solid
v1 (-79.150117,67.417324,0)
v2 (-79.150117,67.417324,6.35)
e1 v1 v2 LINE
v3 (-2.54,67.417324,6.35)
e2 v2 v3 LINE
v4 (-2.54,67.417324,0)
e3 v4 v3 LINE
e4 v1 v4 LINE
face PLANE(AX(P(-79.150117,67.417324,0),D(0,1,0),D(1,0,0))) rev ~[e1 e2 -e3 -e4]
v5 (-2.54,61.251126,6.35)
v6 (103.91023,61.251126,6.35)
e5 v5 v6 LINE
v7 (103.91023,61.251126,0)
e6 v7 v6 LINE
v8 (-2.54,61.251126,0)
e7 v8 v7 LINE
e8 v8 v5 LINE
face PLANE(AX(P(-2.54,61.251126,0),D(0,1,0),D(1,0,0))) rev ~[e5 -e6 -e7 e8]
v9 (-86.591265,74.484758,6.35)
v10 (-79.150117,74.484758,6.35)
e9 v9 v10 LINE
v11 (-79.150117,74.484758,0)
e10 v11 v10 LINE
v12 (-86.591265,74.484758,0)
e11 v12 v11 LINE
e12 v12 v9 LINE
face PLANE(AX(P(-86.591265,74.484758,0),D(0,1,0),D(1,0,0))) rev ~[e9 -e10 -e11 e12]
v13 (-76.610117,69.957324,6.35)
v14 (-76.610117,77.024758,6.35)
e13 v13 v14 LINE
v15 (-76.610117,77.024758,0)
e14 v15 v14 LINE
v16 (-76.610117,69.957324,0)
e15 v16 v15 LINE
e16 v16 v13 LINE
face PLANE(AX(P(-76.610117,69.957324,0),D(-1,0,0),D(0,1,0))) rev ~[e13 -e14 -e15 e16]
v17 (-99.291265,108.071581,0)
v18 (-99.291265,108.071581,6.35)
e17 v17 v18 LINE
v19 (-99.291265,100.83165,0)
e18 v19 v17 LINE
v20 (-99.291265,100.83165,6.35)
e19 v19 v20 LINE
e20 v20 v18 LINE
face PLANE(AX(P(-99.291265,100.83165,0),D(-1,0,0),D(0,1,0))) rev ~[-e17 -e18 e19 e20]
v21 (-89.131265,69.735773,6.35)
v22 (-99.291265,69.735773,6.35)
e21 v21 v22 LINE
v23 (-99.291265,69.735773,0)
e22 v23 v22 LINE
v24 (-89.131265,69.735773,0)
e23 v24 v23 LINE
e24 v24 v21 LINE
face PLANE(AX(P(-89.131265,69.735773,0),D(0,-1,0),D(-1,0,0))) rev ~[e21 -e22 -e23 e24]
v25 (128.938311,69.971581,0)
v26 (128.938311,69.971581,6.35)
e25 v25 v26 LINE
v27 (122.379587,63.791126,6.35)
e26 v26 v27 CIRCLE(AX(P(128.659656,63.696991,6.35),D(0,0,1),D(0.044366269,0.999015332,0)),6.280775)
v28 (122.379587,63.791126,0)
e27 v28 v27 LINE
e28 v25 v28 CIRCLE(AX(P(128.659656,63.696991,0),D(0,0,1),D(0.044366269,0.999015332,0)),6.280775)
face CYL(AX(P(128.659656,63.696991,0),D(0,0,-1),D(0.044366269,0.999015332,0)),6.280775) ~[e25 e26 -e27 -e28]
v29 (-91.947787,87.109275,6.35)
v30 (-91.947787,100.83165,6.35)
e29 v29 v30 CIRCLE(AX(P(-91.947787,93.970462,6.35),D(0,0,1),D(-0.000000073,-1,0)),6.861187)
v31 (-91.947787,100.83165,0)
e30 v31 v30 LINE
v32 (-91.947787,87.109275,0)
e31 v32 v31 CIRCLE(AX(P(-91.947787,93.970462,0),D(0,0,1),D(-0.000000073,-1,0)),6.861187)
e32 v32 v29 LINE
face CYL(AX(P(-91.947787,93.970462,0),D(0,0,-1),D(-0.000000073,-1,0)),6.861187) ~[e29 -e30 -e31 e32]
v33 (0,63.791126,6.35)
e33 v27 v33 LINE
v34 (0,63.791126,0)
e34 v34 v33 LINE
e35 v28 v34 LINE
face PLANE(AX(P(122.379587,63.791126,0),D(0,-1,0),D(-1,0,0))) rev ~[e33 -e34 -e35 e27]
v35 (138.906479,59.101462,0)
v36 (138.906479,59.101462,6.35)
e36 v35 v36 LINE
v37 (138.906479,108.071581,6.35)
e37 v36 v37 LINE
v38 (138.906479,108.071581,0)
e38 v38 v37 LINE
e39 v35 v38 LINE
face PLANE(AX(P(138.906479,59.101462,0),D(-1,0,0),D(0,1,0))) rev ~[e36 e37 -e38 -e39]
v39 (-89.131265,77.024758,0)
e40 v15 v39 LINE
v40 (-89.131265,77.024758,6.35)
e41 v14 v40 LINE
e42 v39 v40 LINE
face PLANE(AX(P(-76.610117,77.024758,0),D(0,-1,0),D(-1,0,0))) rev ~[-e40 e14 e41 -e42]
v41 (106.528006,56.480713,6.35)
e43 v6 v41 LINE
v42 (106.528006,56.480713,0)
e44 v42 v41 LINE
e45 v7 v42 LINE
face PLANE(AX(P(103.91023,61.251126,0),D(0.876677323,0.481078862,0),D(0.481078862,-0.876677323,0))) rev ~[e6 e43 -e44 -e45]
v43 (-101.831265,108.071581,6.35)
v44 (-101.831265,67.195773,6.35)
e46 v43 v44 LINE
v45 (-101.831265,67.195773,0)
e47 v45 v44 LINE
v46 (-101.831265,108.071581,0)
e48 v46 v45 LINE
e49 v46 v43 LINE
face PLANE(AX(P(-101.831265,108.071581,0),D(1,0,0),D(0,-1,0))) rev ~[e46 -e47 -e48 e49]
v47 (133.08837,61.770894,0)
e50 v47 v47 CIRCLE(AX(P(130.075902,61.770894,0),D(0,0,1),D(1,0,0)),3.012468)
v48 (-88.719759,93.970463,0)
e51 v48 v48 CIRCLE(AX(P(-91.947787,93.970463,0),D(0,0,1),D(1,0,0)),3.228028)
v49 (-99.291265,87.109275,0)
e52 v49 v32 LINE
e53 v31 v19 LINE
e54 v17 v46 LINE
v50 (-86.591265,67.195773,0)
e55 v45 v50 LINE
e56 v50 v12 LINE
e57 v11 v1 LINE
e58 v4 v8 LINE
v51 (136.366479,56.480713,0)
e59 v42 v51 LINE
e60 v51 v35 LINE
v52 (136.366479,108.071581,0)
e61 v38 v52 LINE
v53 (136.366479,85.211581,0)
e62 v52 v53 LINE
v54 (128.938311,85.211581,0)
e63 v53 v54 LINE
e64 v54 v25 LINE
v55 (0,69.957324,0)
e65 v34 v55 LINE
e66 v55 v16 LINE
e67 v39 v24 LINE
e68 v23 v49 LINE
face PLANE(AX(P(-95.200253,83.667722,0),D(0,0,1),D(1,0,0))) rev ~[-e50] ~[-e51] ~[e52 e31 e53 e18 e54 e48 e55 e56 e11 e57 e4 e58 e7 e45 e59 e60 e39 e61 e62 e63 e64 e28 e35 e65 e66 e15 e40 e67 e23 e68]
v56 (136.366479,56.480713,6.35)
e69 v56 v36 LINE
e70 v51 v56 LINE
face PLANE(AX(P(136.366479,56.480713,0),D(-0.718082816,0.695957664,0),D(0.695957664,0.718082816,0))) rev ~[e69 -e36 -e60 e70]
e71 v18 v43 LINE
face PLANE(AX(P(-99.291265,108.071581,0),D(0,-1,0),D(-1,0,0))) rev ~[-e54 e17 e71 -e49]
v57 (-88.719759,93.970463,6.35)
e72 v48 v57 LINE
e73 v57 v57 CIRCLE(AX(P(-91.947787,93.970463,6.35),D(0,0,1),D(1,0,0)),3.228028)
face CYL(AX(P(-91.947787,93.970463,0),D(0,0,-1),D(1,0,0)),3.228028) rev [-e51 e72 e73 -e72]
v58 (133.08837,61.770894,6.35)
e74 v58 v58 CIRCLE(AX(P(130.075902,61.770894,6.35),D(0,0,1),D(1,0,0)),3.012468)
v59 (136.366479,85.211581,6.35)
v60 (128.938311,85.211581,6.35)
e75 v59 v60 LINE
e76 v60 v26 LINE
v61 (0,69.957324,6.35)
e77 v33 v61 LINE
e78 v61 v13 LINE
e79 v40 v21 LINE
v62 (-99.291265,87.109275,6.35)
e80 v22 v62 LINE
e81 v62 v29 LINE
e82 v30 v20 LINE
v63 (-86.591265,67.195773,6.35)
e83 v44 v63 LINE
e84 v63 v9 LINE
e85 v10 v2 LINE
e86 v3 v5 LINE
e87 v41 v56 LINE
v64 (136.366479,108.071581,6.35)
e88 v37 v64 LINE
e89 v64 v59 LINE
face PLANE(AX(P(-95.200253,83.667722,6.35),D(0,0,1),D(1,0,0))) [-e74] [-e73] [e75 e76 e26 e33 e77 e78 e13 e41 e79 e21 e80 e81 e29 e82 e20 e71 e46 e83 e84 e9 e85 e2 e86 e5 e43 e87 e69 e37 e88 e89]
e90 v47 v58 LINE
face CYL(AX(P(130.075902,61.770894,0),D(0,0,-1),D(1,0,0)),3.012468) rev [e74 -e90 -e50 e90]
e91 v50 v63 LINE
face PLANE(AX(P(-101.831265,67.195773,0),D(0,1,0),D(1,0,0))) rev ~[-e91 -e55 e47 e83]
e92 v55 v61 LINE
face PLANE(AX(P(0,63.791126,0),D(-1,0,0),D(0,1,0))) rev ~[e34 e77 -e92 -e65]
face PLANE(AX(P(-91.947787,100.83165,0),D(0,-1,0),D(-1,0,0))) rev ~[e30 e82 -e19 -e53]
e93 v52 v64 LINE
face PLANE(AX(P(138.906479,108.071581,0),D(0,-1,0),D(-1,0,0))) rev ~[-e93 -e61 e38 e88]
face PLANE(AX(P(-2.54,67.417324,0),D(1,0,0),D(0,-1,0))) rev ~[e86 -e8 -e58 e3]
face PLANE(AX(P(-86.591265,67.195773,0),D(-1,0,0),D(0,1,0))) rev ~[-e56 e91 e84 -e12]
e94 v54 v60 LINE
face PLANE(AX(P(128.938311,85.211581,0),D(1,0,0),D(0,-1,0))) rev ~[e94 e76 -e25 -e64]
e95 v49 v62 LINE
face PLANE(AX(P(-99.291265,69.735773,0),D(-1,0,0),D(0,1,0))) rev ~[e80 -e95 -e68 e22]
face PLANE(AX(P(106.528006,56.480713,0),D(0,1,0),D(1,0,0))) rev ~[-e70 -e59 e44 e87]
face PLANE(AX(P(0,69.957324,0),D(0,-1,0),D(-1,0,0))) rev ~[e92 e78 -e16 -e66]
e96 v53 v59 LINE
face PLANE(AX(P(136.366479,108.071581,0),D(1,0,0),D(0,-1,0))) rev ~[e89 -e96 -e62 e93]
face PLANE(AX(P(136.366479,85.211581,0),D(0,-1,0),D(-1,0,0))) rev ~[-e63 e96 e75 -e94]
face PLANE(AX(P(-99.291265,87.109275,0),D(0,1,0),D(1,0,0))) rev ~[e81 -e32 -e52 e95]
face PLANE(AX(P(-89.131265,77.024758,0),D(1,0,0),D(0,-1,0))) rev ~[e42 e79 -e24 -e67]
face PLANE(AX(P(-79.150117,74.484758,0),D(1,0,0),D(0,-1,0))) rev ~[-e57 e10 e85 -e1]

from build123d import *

# Parameters (mm, degrees)
F1_R     = 3.228028
F1_R_2   = 3.012468
F2_DEPTH = 6.35


with BuildPart() as f2:
    # F1 (on face) → F2 (new body)
    with BuildSketch(Plane.XY):
        with BuildLine():
            ThreePointArc((-91.947787, 87.109275), (-85.086599, 93.970463), (-91.947787, 100.83165))
            Line((-91.947787, 100.83165), (-99.291265, 100.83165))
            Line((-99.291265, 100.83165), (-99.291265, 108.071581))
            Line((-99.291265, 108.071581), (-101.831265, 108.071581))
            Line((-101.831265, 108.071581), (-101.831265, 67.195773))
            Line((-101.831265, 67.195773), (-86.591265, 67.195773))
            Line((-86.591265, 67.195773), (-86.591265, 74.484758))
            Line((-86.591265, 74.484758), (-83.508379, 74.484758))
            Line((-83.508379, 74.484758), (-83.508379, 77.024758))
            Line((-83.508379, 77.024758), (-89.131265, 77.024758))
            Line((-89.131265, 77.024758), (-89.131265, 69.735773))
            Line((-89.131265, 69.735773), (-99.291265, 69.735773))
            Line((-99.291265, 69.735773), (-99.291265, 87.109275))
            Line((-99.291265, 87.109275), (-91.947787, 87.109275))
        make_face()
        with Locations((-91.947787, 93.970463)):
            Circle(F1_R, mode=Mode.SUBTRACT)
        with BuildLine():
            Line((-76.610117, 77.024758), (-83.508379, 77.024758))
            Line((-83.508379, 77.024758), (-83.508379, 74.484758))
            Line((-83.508379, 74.484758), (-79.150117, 74.484758))
            Line((-79.150117, 74.484758), (-79.150117, 67.417324))
            Line((-79.150117, 67.417324), (-2.54, 67.417324))
            Line((-2.54, 67.417324), (-2.54, 61.251126))
            Line((-2.54, 61.251126), (103.91023, 61.251126))
            Line((103.91023, 61.251126), (106.528006, 56.480713))
            Line((106.528006, 56.480713), (136.366479, 56.480713))
            Line((136.366479, 56.480713), (138.906479, 59.101462))
            Line((138.906479, 59.101462), (138.906479, 108.071581))
            Line((138.906479, 108.071581), (136.366479, 108.071581))
            Line((136.366479, 108.071581), (136.366479, 85.211581))
            Line((136.366479, 85.211581), (128.938311, 85.211581))
            Line((128.938311, 85.211581), (128.938311, 69.971581))
            ThreePointArc((128.938311, 69.971581), (124.35225, 68.268028), (122.379587, 63.791126))
            Line((122.379587, 63.791126), (104.599587, 63.791126))
            Line((104.599587, 63.791126), (0, 63.791126))
            Line((0, 63.791126), (0, 69.957324))
            Line((0, 69.957324), (-76.610117, 69.957324))
            Line((-76.610117, 69.957324), (-76.610117, 77.024758))
        make_face()
        with Locations((130.075902, 61.770894)):
            Circle(F1_R_2, mode=Mode.SUBTRACT)
    extrude(amount=F2_DEPTH)


solid = f2.part
